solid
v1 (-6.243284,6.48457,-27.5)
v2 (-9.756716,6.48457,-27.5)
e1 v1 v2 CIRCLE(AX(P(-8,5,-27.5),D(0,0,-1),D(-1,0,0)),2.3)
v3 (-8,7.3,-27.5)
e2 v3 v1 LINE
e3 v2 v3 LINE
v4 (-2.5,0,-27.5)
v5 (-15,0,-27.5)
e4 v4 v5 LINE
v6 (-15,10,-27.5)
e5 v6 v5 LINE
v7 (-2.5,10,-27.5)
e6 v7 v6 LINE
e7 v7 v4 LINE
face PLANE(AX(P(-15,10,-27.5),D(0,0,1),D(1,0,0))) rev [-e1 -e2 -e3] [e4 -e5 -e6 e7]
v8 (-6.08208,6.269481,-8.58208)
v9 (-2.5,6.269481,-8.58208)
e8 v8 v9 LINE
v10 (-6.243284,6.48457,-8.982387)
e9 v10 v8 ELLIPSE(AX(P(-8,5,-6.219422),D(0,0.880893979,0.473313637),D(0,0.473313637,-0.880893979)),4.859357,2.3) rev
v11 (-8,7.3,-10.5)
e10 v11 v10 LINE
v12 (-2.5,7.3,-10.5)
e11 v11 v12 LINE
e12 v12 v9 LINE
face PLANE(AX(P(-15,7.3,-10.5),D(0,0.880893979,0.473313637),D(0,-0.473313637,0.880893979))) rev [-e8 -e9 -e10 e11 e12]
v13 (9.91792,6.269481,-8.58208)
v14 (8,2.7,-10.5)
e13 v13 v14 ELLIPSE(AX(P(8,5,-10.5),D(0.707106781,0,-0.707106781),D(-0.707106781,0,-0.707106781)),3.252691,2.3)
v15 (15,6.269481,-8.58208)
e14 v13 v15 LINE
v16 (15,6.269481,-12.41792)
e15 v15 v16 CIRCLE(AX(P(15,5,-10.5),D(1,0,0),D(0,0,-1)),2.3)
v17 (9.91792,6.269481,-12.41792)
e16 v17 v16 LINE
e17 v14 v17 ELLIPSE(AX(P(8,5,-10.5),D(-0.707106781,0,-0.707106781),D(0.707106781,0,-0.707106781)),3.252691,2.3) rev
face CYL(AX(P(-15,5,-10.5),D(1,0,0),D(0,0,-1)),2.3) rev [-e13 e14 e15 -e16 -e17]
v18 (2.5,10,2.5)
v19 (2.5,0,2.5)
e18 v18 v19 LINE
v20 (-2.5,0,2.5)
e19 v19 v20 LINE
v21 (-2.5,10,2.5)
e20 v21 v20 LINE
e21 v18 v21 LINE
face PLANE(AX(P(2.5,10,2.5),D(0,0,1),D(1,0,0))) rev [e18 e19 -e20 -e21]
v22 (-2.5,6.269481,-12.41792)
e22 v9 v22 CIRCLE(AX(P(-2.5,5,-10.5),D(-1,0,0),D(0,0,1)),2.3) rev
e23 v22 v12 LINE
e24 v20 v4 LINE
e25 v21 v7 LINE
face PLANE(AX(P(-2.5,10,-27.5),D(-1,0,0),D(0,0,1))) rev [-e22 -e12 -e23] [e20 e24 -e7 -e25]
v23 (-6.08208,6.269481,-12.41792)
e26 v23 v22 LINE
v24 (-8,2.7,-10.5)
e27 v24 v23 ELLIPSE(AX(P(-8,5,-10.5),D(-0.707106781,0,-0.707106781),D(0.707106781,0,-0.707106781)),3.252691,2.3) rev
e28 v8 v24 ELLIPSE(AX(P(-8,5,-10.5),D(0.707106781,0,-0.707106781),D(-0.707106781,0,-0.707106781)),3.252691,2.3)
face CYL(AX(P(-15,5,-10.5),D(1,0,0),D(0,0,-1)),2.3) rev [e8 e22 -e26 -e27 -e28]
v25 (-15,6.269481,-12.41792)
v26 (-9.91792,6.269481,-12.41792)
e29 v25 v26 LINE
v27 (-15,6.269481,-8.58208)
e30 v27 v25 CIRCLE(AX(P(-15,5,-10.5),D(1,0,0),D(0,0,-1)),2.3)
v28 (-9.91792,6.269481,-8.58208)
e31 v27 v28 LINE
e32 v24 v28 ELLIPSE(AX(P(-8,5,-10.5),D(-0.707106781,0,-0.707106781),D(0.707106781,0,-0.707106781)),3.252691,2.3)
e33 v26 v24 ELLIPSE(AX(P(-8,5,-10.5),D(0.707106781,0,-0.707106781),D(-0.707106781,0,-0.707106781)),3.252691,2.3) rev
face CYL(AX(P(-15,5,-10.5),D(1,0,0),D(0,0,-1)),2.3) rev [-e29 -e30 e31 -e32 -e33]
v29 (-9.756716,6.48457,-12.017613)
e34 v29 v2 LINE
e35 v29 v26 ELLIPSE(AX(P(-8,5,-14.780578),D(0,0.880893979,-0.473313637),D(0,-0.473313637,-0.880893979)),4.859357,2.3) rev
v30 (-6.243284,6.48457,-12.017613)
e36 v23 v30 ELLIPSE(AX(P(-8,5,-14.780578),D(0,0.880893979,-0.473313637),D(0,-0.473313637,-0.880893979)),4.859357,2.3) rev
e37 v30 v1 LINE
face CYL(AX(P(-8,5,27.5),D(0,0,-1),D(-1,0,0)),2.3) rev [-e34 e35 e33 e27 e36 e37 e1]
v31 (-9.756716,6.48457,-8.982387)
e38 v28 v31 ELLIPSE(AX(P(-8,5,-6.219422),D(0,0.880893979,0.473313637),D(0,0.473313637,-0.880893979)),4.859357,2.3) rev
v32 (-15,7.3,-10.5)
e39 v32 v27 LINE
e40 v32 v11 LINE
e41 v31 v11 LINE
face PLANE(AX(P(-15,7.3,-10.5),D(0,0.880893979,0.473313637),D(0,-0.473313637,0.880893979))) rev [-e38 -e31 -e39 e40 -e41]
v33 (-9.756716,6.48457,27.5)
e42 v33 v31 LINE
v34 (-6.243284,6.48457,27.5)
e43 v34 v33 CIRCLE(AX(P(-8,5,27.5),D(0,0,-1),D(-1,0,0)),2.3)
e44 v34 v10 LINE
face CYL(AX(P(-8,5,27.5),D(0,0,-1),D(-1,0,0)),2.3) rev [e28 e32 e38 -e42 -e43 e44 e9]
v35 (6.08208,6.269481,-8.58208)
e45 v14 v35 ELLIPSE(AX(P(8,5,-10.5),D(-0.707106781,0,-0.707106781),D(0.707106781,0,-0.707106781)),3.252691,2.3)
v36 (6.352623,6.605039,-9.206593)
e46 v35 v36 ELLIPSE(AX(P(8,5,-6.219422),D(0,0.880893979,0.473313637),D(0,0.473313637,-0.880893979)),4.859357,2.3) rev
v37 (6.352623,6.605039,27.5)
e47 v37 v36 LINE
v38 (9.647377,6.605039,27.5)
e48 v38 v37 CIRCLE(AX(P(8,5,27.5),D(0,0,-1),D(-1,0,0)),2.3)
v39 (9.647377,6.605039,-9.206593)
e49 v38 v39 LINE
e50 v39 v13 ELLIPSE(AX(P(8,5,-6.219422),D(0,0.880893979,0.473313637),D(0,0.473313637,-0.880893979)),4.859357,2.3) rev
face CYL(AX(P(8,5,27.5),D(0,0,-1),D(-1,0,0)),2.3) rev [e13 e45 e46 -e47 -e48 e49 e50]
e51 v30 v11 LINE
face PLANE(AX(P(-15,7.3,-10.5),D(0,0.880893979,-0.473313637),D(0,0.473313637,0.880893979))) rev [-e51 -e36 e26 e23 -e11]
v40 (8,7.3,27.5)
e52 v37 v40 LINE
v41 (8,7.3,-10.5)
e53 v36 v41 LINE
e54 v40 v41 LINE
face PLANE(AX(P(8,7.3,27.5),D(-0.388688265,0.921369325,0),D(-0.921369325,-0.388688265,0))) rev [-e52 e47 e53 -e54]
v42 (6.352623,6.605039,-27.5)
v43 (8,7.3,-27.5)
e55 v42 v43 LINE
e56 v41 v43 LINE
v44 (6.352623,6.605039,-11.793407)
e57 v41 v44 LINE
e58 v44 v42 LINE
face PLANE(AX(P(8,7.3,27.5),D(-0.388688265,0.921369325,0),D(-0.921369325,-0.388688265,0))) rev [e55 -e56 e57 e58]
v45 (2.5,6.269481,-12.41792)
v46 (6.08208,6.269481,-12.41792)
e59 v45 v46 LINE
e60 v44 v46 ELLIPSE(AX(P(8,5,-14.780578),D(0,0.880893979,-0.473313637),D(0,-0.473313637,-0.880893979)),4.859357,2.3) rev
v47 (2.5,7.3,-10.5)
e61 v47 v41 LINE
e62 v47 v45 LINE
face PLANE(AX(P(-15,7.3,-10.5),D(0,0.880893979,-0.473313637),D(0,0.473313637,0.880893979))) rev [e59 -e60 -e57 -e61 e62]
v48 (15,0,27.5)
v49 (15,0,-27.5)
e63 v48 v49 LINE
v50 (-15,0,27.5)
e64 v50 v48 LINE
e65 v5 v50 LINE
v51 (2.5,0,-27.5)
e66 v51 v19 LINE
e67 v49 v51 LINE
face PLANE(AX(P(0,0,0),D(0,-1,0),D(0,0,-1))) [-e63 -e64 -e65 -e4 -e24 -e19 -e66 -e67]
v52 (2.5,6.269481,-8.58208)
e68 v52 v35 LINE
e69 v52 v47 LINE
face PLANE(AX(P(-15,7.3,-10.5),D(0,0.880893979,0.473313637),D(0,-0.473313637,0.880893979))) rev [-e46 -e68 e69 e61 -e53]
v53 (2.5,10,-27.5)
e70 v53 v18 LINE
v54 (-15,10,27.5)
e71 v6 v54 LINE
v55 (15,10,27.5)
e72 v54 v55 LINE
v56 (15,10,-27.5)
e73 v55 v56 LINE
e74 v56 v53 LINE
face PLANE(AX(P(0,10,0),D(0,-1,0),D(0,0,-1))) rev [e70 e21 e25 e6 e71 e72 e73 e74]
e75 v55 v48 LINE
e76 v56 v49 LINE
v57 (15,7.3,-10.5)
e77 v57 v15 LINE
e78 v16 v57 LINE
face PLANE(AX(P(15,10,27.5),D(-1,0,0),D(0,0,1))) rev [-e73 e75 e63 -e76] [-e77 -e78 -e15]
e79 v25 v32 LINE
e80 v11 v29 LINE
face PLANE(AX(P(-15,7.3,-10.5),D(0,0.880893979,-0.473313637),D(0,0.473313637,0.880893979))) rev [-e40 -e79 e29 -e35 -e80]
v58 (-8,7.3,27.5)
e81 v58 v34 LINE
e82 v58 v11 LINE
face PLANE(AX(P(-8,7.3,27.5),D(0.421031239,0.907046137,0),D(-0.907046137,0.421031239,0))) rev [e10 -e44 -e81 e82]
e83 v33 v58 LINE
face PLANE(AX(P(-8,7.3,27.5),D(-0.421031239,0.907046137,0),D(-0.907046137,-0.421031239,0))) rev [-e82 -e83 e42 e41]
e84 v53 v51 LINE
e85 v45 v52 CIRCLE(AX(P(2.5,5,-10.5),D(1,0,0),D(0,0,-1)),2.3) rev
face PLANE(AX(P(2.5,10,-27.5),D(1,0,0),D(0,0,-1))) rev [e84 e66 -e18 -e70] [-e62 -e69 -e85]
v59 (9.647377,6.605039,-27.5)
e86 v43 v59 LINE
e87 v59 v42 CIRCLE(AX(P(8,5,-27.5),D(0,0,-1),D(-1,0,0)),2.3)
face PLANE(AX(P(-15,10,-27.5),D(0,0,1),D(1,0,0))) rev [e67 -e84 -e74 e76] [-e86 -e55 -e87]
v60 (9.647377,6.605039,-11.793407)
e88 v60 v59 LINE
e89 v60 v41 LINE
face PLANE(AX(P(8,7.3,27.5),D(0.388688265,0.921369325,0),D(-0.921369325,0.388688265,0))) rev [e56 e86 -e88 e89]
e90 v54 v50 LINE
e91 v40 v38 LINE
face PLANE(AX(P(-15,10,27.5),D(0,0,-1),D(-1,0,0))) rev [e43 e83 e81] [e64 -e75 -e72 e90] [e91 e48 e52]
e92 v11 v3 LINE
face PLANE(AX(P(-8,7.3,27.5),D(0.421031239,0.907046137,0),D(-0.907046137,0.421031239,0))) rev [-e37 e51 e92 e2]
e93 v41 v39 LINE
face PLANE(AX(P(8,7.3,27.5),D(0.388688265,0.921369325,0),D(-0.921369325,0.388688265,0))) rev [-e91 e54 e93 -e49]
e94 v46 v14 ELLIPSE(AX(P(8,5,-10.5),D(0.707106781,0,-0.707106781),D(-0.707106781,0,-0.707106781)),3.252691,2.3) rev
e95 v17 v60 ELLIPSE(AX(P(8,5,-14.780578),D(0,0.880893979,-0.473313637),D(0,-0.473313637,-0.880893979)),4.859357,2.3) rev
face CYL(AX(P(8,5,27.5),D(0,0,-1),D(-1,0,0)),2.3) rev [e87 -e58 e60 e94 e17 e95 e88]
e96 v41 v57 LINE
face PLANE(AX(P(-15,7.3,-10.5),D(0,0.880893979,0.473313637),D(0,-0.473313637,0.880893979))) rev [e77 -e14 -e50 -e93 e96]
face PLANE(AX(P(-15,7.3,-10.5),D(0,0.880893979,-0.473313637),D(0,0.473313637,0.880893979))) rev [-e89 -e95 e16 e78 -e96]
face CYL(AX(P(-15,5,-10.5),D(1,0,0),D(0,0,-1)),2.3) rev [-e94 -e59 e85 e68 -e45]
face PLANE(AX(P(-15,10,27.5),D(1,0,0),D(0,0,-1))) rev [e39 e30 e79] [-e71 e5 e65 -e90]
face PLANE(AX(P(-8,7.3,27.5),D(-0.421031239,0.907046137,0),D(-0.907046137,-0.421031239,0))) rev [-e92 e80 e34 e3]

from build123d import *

# Parameters (mm, degrees)
SKETCH1_W           = 30
SKETCH1_H           = 55
BOSS_EXTRUDE1_DEPTH = 10
CUT_EXTRUDE1_DEPTH  = 58.879184514
CUT_EXTRUDE3_DEPTH  = 42.907636536
SKETCH9_W           = 5
SKETCH9_H           = 30
CUT_EXTRUDE4_DEPTH  = 10


with BuildPart() as part:
    # Sketch1 → Boss-Extrude1 (new body)
    with BuildSketch(Plane(origin=(0, 0, 0), x_dir=(1, 0, 0), z_dir=(0, 1, 0))):
        Rectangle(SKETCH1_W, SKETCH1_H)
    extrude(amount=BOSS_EXTRUDE1_DEPTH)

    # Sketch6 → Cut-Extrude1 (cut, through all)
    with BuildSketch(Plane(origin=(0, 0, -27.5), x_dir=(-1, 0, 0), z_dir=(0, 0, -1))):
        with BuildLine():
            Line((-8, 7.3), (-9.647377045, 6.605038589))
            ThreePointArc((-9.647377045, 6.605038589), (-8, 2.7), (-6.352622955, 6.605038589))
            Line((-6.352622955, 6.605038589), (-8, 7.3))
        make_face()
        with BuildLine():
            Line((8, 7.3), (6.243284106, 6.484570399))
            ThreePointArc((6.243284106, 6.484570399), (8, 2.7), (9.756715894, 6.484570399))
            Line((9.756715894, 6.484570399), (8, 7.3))
        make_face()
    extrude(amount=-CUT_EXTRUDE1_DEPTH, mode=Mode.SUBTRACT)

    # Sketch8 → Cut-Extrude3 (cut, through all)
    with BuildSketch(Plane(origin=(15, 0, 0), x_dir=(0, 0, -1), z_dir=(1, 0, 0))):
        with BuildLine():
            Line((10.5, 7.3), (12.417920009, 6.269481327))
            ThreePointArc((12.417920009, 6.269481327), (10.5, 2.7), (8.582079991, 6.269481327))
            Line((8.582079991, 6.269481327), (10.5, 7.3))
        make_face()
    extrude(amount=-CUT_EXTRUDE3_DEPTH, mode=Mode.SUBTRACT)

    # Sketch9 → Cut-Extrude4 (cut)
    with BuildSketch(Plane.XZ):
        with Locations((0, -12.5)):
            Rectangle(SKETCH9_W, SKETCH9_H)
    extrude(amount=-CUT_EXTRUDE4_DEPTH, mode=Mode.SUBTRACT)


solid = part.part
